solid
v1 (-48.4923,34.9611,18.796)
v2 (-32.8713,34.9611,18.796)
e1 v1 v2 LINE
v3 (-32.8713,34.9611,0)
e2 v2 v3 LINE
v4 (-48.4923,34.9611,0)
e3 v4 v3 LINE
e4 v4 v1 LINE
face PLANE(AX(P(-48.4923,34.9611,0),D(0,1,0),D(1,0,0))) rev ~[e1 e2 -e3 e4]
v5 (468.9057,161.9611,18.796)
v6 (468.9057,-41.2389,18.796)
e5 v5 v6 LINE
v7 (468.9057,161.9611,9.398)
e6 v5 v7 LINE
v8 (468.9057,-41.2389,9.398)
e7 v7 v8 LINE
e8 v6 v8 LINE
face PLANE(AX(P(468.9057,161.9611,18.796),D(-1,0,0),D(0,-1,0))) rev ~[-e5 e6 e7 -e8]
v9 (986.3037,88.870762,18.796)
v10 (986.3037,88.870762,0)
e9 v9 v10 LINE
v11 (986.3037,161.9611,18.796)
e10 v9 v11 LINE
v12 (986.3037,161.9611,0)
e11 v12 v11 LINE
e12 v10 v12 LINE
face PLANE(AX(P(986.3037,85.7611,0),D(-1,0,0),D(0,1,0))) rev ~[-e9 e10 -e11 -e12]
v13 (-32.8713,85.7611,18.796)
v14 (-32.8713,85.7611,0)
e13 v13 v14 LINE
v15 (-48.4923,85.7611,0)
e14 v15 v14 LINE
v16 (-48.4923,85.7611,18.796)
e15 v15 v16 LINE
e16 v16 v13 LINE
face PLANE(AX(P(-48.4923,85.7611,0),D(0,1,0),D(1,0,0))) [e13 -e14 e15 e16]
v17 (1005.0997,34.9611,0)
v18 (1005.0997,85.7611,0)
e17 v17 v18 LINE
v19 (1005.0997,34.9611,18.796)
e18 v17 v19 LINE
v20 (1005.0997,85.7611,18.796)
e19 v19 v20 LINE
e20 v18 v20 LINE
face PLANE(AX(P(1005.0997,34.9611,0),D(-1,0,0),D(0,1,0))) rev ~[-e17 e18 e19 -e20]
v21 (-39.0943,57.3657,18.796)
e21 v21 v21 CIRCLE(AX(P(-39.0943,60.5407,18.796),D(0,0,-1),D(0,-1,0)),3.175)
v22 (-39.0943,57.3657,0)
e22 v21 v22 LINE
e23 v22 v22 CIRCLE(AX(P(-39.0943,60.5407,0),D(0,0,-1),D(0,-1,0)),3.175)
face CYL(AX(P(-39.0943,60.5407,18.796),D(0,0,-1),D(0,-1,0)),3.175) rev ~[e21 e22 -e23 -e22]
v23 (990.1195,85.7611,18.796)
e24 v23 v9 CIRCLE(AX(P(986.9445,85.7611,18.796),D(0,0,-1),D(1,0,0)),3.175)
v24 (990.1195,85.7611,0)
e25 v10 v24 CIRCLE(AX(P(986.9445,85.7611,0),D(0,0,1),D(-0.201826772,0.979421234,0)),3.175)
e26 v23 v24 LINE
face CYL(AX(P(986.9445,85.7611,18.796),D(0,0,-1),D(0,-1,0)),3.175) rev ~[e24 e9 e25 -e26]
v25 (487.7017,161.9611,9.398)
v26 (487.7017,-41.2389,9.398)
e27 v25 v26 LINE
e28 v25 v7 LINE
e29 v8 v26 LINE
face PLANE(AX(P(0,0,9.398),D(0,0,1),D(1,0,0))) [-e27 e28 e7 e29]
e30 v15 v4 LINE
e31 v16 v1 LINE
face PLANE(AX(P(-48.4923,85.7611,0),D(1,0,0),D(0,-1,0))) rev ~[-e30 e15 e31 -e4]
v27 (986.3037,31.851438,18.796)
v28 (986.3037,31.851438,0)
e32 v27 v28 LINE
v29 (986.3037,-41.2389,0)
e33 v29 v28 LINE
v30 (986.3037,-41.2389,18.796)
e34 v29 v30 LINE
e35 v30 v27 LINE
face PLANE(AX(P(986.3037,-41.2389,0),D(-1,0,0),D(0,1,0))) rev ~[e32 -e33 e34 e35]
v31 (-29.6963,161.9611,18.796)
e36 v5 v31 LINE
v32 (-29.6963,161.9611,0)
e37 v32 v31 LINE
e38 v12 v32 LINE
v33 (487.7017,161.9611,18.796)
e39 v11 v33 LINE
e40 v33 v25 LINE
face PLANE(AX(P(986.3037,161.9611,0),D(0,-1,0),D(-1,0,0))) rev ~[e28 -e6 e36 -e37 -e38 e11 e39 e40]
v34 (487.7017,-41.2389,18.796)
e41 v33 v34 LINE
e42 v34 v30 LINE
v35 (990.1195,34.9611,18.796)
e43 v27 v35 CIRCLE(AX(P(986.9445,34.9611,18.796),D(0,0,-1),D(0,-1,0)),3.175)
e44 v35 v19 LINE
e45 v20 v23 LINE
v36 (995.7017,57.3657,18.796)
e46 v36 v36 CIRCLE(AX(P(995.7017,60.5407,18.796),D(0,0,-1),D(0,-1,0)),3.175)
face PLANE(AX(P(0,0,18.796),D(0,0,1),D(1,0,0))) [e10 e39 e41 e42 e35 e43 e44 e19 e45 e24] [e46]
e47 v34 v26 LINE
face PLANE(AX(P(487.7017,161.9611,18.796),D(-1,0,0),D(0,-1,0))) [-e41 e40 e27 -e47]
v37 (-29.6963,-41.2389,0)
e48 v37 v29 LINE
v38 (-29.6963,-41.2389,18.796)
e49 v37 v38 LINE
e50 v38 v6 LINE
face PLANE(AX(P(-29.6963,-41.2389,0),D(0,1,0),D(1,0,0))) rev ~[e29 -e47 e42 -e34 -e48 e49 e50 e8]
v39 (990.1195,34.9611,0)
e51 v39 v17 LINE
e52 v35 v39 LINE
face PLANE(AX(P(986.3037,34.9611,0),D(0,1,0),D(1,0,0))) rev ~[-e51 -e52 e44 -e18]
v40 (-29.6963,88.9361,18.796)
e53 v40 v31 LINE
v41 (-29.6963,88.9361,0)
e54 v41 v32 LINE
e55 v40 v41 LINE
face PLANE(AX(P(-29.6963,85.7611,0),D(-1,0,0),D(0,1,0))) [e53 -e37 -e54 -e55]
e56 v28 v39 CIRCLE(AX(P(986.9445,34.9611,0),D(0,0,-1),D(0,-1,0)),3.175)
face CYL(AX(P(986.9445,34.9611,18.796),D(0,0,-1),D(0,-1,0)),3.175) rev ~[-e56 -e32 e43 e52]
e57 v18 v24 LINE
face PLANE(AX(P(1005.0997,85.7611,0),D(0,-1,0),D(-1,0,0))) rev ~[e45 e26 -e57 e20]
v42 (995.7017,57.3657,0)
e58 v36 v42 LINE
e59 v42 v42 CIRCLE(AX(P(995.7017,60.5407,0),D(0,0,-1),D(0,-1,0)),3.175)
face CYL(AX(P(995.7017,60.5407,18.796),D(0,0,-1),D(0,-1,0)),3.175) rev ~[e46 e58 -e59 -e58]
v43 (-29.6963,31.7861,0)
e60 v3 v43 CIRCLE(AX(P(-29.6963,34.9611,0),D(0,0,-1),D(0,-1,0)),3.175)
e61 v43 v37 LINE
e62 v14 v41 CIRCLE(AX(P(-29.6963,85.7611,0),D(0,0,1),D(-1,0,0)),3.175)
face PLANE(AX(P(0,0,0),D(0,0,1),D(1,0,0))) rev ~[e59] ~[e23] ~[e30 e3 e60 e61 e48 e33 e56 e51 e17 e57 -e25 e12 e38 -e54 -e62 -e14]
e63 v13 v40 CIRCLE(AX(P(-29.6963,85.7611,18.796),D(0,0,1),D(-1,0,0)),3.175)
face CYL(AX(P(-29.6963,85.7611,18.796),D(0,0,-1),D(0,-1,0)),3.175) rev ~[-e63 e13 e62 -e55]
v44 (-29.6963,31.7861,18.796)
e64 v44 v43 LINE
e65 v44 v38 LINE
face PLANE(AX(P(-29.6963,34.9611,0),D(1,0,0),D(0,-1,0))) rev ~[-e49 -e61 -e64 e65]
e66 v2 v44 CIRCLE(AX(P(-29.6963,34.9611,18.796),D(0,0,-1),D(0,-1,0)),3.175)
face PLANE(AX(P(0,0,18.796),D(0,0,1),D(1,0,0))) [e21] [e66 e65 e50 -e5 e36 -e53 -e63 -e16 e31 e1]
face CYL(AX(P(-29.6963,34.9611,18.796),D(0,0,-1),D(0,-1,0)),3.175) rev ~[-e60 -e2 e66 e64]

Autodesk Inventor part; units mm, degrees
ref_plane "YZ Plane" through (0, 0, 0) normal (1, 0, 0) x (0, 1, 0)
ref_plane "XZ Plane" through (0, 0, 0) normal (0, 1, 0) x (-1, 0, 0)
ref_plane "XY Plane" through (0, 0, 0) normal (0, 0, 1) x (1, 0, 0)
sketch "Sketch1" plane through (0, 0, 0) normal (0, 0, 1) x (1, 0, 0)
  line L0 (-48.4923, 85.7611) -> (-48.4923, 34.9611)
  line L1 (-48.4923, 34.9611) -> (-29.6963, 34.9611)
  line L2 (-29.6963, 34.9611) -> (-29.6963, -41.2389)
  line L3 (-29.6963, -41.2389) -> (986.3037, -41.2389)
  line L4 (986.3037, -41.2389) -> (986.3037, 34.9611)
  line L5 (986.3037, 34.9611) -> (1005.0997, 34.9611)
  line L6 (1005.0997, 34.9611) -> (1005.0997, 85.7611)
  line L7 (1005.0997, 85.7611) -> (986.3037, 85.7611)
  line L8 (986.3037, 85.7611) -> (986.3037, 161.9611)
  line L9 (986.3037, 161.9611) -> (-29.6963, 161.9611)
  line L10 (-48.4923, 85.7611) -> (-29.6963, 85.7611)
  line L11 (-29.6963, 85.7611) -> (-29.6963, 161.9611)
  point P0 (0, 0)
  dimension "d0" = 50.8
  dimension "d1" = 18.796
  dimension "d2" = 76.2
  dimension "d3" = 1016
  dimension "d4" = 76.2
  dimension "d5" = 18.796
  dimension "d6" = 50.8
  dimension "d7" = 76.2
  dimension "d8" = 18.796
extrude "Extrusion1" add sketch "Sketch1" along normal blind 18.796
sketch "Sketch2" plane through (0, 0, 18.796) normal (0, 0, 1) x (1, 0, 0)
  line L0 (-29.6963, 85.7611) -> (-48.4923, 85.7611) projected
  line L1 (-48.4923, 34.9611) -> (-29.6963, 34.9611) projected
  line L2 (1005.0997, 34.9611) -> (1005.0997, 85.7611) projected
  line L3 (-48.4923, 85.7611) -> (-48.4923, 34.9611) projected
  point P0 (0, 0)
  point P1 (-39.0943, 60.5407)
  point P2 (986.9445, 85.7611)
  point P3 (986.9445, 34.9611)
  point P4 (995.7017, 60.5407)
  dimension "d11" = 9.398
  dimension "d12" = 9.398
hole "Hole1" at (-29.6963, 85.7611, 18.796) at (-29.6963, 34.9611, 18.796) at (-39.0943, 60.5407, 18.796) at (986.9445, 85.7611, 18.796) at (986.9445, 34.9611, 18.796) at (995.7017, 60.5407, 18.796) direction (0, 0, -1) diameter 6.35 end through all
sketch "Sketch3" plane through (0, 0, 18.796) normal (0, 0, 1) x (1, 0, 0)
  line L0 (986.3037, 161.9611) -> (-29.6963, 161.9611) projected
  line L1 (478.3037, 161.9611) -> (478.3037, -41.2389)
  line L2 (-29.6963, -41.2389) -> (986.3037, -41.2389) projected
  line L3 (468.9057, 161.9611) -> (468.9057, -41.2389)
  line L4 (487.7017, 161.9611) -> (487.7017, -41.2389)
  line L5 (468.9057, 161.9611) -> (487.7017, 161.9611)
  line L6 (468.9057, -41.2389) -> (487.7017, -41.2389)
  point P0 (0, 0)
  dimension "d20" = 9.398
  dimension "d21" = 9.398
extrude "Extrusion2" cut sketch "Sketch3" against normal blind 9.398
properties part number "top" material "Wood (Birch)"
